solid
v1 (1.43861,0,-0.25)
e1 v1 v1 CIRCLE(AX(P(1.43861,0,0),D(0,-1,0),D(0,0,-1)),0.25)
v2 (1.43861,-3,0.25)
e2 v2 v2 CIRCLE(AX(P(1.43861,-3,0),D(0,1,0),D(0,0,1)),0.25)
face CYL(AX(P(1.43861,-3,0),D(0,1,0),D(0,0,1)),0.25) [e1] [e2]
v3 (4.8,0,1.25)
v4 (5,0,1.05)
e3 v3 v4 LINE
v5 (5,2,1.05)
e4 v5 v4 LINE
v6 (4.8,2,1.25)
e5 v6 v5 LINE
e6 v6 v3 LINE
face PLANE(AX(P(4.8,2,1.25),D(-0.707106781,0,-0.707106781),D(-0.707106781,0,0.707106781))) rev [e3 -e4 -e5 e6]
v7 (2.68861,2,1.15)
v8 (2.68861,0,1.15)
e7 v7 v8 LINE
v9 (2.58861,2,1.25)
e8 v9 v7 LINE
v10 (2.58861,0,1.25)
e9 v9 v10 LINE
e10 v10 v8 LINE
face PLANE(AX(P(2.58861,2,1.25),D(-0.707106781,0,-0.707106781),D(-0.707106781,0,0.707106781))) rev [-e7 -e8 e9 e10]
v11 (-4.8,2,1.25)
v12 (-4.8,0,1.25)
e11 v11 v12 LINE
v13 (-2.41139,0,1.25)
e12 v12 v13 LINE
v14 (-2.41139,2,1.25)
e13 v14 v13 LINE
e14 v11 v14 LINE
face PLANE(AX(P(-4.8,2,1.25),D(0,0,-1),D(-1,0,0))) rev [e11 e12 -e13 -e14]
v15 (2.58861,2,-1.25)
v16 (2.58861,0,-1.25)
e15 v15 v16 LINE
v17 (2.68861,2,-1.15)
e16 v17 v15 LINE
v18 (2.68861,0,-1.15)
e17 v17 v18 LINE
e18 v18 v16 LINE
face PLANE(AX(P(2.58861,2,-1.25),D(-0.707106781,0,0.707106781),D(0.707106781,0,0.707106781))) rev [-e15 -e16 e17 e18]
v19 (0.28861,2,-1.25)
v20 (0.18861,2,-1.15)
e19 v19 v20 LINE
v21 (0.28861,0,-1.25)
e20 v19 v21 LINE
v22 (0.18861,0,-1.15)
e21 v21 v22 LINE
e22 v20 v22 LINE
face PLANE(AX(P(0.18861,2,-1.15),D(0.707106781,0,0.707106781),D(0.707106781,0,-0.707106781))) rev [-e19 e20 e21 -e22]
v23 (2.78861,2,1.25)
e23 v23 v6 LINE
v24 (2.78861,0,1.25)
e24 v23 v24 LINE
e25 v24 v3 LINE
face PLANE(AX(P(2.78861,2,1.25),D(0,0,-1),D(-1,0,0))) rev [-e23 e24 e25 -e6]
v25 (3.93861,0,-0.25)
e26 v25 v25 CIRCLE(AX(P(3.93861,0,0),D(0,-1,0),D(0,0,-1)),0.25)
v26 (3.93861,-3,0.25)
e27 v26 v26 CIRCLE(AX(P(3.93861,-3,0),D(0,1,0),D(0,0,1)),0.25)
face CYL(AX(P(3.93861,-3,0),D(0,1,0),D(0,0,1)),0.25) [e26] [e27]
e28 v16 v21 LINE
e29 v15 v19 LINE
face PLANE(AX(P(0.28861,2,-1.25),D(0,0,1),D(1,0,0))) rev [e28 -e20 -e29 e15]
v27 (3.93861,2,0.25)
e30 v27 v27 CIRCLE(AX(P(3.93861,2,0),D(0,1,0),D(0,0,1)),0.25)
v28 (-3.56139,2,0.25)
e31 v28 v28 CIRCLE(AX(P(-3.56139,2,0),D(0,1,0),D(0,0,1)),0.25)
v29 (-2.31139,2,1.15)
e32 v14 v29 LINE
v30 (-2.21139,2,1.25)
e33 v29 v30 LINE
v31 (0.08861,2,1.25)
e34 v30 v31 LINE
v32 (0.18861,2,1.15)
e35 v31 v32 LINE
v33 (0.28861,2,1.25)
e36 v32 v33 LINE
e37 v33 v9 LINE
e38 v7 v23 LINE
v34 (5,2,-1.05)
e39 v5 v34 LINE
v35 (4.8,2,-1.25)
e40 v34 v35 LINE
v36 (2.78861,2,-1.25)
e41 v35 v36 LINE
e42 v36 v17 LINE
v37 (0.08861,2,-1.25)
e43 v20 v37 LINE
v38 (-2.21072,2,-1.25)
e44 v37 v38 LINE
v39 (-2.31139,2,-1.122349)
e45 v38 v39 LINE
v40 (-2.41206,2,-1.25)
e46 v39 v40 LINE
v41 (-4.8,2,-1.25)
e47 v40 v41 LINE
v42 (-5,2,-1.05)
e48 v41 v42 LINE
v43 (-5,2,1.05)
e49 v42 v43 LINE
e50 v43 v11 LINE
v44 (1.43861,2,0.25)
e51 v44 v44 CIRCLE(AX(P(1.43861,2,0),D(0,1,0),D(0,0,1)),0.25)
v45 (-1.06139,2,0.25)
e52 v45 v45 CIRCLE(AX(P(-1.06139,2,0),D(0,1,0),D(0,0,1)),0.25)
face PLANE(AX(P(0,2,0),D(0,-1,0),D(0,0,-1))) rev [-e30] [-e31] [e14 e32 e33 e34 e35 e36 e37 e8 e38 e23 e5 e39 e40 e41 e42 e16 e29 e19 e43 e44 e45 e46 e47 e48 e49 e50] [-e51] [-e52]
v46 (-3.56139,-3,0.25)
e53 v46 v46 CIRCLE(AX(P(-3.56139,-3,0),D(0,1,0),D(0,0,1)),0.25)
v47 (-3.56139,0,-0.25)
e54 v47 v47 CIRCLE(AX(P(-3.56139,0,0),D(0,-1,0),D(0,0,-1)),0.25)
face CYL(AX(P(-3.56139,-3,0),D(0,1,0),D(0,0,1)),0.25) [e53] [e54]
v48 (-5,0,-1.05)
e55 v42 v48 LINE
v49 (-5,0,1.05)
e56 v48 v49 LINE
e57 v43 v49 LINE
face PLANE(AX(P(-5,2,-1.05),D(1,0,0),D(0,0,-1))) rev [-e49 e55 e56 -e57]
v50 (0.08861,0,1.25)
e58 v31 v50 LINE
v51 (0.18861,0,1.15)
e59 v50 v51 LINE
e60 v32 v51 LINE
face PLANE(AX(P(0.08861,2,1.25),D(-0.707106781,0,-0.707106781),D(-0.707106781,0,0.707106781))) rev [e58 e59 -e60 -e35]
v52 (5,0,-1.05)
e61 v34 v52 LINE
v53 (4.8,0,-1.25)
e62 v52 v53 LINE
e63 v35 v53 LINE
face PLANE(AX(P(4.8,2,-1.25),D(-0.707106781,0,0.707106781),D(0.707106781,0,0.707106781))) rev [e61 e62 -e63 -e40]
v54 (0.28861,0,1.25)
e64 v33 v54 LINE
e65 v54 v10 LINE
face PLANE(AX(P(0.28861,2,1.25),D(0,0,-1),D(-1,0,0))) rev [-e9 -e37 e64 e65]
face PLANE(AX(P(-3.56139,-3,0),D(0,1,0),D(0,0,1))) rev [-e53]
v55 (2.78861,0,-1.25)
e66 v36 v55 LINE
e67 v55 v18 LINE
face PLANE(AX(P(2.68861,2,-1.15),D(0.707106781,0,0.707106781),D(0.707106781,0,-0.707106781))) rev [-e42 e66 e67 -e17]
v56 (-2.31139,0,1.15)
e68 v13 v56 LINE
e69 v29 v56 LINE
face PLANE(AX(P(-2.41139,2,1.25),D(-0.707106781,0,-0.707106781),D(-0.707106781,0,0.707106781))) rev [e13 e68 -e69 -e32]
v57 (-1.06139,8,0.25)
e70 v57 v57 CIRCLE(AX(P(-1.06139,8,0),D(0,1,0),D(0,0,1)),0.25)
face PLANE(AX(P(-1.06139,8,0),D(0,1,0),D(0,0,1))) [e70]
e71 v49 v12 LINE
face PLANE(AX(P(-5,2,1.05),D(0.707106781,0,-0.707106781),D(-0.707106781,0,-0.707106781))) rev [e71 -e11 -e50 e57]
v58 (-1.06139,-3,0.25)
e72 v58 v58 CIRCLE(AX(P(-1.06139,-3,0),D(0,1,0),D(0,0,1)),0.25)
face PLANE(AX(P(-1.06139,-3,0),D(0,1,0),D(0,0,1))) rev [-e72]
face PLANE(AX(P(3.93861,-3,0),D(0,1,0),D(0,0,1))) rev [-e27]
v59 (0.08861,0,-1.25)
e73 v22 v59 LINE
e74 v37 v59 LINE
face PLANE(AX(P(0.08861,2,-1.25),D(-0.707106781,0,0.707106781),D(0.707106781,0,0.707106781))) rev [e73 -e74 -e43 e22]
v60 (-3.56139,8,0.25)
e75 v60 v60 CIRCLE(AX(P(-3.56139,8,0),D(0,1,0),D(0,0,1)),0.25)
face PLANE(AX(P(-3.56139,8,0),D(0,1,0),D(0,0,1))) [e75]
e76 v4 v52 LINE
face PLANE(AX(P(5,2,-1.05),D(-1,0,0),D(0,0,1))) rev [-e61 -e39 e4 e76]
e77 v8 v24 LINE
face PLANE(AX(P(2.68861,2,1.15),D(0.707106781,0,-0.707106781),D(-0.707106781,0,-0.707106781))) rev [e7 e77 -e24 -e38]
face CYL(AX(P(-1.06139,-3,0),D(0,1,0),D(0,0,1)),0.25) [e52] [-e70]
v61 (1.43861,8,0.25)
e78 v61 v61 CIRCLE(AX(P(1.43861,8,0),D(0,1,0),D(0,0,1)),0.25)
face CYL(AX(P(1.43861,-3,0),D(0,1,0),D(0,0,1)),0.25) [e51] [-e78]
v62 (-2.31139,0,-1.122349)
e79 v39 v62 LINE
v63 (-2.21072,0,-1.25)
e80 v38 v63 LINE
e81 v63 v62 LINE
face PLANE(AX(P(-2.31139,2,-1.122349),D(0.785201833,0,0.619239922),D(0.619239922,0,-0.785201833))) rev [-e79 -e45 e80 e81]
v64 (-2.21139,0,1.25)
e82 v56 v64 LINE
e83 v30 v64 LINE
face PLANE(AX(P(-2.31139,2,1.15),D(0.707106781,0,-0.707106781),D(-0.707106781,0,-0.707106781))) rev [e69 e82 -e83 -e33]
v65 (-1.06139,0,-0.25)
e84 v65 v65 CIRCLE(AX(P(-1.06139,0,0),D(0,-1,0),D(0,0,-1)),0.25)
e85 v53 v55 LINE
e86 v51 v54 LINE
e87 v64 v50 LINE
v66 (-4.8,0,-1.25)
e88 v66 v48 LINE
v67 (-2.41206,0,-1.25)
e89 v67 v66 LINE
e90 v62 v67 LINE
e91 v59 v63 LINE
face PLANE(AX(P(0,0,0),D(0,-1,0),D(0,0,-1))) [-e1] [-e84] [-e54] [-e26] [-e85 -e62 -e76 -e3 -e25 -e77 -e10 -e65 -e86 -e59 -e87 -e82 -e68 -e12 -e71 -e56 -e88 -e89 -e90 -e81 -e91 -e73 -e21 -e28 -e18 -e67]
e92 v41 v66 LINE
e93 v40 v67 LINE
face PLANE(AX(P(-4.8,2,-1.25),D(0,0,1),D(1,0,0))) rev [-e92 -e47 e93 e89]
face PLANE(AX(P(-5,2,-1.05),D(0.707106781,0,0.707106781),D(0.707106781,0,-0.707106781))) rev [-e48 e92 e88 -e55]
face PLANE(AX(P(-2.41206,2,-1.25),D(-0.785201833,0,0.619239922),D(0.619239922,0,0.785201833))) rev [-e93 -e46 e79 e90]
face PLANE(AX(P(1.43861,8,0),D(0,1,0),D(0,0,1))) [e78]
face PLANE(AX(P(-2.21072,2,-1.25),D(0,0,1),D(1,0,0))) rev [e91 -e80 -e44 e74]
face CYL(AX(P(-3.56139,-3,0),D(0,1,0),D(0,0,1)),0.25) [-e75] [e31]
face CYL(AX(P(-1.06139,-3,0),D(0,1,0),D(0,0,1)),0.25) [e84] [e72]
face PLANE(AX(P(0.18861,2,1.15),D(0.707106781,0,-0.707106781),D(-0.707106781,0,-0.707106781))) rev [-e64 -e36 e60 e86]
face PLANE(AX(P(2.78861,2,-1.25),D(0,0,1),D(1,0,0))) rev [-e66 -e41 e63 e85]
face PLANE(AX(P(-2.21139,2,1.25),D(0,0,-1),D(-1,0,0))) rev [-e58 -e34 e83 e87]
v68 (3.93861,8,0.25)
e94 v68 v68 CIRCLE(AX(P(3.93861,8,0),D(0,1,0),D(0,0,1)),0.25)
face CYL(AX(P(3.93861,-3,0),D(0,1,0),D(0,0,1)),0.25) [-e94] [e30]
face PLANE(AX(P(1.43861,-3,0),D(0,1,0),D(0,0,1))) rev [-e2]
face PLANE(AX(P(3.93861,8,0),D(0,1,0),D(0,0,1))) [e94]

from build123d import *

# Parameters (mm, degrees)
IZIM1_R                          = 0.25
Y_KSEKLIK_EKSTR_ZYON1_DEPTH      = 2
IZIM2_R                          = 0.25
Y_KSEKLIK_EKSTR_ZYON2_DEPTH      = 6
Y_KSEKLIK_EKSTR_ZYON2_DEPTH_BACK = 5


with BuildPart() as part:
    # Çizim1 → Yükseklik-Ekstrüzyon1 (new body)
    with BuildSketch(Plane(origin=(0, 0, 0), x_dir=(1, 0, 0), z_dir=(0, 1, 0))):
        Polygon((-4.8, 1.25), (-2.412060191, 1.25), (-2.311389974, 1.122349253), (-2.210719757, 1.25), (0.088610026, 1.25), (0.188610026, 1.15), (0.288610026, 1.25), (2.588610026, 1.25), (2.688610026, 1.15), (2.788610026, 1.25), (4.8, 1.25), (5, 1.05), (5, -1.05), (4.8, -1.25), (2.788610026, -1.25), (2.688610026, -1.15), (2.588610026, -1.25), (0.288610026, -1.25), (0.188610026, -1.15), (0.088610026, -1.25), (-2.211389974, -1.25), (-2.311389974, -1.15), (-2.411389974, -1.25), (-4.8, -1.25), (-5, -1.05), (-5, 1.05), align=None)
        with Locations((-3.561389974, 0)):
            Circle(IZIM1_R, mode=Mode.SUBTRACT)
        with Locations((-1.061389974, 0)):
            Circle(IZIM1_R, mode=Mode.SUBTRACT)
        with Locations((1.438610026, 0)):
            Circle(IZIM1_R, mode=Mode.SUBTRACT)
        with Locations((3.938610026, 0)):
            Circle(IZIM1_R, mode=Mode.SUBTRACT)
    extrude(amount=Y_KSEKLIK_EKSTR_ZYON1_DEPTH)

    # Çizim2 → Yükseklik-Ekstrüzyon2 (add, two sides)
    with BuildSketch(Plane(origin=(0, 2, 0), x_dir=(1, 0, 0), z_dir=(0, 1, 0))) as y_kseklik_ekstr_zyon2_sk:
        with Locations((-3.561389974, 0)):
            Circle(IZIM2_R)
        with Locations((-1.061389974, 0)):
            Circle(IZIM2_R)
        with Locations((1.438610026, 0)):
            Circle(IZIM2_R)
        with Locations((3.938610026, 0)):
            Circle(IZIM2_R)
    extrude(amount=Y_KSEKLIK_EKSTR_ZYON2_DEPTH)
    extrude(y_kseklik_ekstr_zyon2_sk.sketch, amount=-Y_KSEKLIK_EKSTR_ZYON2_DEPTH_BACK)


solid = part.part
